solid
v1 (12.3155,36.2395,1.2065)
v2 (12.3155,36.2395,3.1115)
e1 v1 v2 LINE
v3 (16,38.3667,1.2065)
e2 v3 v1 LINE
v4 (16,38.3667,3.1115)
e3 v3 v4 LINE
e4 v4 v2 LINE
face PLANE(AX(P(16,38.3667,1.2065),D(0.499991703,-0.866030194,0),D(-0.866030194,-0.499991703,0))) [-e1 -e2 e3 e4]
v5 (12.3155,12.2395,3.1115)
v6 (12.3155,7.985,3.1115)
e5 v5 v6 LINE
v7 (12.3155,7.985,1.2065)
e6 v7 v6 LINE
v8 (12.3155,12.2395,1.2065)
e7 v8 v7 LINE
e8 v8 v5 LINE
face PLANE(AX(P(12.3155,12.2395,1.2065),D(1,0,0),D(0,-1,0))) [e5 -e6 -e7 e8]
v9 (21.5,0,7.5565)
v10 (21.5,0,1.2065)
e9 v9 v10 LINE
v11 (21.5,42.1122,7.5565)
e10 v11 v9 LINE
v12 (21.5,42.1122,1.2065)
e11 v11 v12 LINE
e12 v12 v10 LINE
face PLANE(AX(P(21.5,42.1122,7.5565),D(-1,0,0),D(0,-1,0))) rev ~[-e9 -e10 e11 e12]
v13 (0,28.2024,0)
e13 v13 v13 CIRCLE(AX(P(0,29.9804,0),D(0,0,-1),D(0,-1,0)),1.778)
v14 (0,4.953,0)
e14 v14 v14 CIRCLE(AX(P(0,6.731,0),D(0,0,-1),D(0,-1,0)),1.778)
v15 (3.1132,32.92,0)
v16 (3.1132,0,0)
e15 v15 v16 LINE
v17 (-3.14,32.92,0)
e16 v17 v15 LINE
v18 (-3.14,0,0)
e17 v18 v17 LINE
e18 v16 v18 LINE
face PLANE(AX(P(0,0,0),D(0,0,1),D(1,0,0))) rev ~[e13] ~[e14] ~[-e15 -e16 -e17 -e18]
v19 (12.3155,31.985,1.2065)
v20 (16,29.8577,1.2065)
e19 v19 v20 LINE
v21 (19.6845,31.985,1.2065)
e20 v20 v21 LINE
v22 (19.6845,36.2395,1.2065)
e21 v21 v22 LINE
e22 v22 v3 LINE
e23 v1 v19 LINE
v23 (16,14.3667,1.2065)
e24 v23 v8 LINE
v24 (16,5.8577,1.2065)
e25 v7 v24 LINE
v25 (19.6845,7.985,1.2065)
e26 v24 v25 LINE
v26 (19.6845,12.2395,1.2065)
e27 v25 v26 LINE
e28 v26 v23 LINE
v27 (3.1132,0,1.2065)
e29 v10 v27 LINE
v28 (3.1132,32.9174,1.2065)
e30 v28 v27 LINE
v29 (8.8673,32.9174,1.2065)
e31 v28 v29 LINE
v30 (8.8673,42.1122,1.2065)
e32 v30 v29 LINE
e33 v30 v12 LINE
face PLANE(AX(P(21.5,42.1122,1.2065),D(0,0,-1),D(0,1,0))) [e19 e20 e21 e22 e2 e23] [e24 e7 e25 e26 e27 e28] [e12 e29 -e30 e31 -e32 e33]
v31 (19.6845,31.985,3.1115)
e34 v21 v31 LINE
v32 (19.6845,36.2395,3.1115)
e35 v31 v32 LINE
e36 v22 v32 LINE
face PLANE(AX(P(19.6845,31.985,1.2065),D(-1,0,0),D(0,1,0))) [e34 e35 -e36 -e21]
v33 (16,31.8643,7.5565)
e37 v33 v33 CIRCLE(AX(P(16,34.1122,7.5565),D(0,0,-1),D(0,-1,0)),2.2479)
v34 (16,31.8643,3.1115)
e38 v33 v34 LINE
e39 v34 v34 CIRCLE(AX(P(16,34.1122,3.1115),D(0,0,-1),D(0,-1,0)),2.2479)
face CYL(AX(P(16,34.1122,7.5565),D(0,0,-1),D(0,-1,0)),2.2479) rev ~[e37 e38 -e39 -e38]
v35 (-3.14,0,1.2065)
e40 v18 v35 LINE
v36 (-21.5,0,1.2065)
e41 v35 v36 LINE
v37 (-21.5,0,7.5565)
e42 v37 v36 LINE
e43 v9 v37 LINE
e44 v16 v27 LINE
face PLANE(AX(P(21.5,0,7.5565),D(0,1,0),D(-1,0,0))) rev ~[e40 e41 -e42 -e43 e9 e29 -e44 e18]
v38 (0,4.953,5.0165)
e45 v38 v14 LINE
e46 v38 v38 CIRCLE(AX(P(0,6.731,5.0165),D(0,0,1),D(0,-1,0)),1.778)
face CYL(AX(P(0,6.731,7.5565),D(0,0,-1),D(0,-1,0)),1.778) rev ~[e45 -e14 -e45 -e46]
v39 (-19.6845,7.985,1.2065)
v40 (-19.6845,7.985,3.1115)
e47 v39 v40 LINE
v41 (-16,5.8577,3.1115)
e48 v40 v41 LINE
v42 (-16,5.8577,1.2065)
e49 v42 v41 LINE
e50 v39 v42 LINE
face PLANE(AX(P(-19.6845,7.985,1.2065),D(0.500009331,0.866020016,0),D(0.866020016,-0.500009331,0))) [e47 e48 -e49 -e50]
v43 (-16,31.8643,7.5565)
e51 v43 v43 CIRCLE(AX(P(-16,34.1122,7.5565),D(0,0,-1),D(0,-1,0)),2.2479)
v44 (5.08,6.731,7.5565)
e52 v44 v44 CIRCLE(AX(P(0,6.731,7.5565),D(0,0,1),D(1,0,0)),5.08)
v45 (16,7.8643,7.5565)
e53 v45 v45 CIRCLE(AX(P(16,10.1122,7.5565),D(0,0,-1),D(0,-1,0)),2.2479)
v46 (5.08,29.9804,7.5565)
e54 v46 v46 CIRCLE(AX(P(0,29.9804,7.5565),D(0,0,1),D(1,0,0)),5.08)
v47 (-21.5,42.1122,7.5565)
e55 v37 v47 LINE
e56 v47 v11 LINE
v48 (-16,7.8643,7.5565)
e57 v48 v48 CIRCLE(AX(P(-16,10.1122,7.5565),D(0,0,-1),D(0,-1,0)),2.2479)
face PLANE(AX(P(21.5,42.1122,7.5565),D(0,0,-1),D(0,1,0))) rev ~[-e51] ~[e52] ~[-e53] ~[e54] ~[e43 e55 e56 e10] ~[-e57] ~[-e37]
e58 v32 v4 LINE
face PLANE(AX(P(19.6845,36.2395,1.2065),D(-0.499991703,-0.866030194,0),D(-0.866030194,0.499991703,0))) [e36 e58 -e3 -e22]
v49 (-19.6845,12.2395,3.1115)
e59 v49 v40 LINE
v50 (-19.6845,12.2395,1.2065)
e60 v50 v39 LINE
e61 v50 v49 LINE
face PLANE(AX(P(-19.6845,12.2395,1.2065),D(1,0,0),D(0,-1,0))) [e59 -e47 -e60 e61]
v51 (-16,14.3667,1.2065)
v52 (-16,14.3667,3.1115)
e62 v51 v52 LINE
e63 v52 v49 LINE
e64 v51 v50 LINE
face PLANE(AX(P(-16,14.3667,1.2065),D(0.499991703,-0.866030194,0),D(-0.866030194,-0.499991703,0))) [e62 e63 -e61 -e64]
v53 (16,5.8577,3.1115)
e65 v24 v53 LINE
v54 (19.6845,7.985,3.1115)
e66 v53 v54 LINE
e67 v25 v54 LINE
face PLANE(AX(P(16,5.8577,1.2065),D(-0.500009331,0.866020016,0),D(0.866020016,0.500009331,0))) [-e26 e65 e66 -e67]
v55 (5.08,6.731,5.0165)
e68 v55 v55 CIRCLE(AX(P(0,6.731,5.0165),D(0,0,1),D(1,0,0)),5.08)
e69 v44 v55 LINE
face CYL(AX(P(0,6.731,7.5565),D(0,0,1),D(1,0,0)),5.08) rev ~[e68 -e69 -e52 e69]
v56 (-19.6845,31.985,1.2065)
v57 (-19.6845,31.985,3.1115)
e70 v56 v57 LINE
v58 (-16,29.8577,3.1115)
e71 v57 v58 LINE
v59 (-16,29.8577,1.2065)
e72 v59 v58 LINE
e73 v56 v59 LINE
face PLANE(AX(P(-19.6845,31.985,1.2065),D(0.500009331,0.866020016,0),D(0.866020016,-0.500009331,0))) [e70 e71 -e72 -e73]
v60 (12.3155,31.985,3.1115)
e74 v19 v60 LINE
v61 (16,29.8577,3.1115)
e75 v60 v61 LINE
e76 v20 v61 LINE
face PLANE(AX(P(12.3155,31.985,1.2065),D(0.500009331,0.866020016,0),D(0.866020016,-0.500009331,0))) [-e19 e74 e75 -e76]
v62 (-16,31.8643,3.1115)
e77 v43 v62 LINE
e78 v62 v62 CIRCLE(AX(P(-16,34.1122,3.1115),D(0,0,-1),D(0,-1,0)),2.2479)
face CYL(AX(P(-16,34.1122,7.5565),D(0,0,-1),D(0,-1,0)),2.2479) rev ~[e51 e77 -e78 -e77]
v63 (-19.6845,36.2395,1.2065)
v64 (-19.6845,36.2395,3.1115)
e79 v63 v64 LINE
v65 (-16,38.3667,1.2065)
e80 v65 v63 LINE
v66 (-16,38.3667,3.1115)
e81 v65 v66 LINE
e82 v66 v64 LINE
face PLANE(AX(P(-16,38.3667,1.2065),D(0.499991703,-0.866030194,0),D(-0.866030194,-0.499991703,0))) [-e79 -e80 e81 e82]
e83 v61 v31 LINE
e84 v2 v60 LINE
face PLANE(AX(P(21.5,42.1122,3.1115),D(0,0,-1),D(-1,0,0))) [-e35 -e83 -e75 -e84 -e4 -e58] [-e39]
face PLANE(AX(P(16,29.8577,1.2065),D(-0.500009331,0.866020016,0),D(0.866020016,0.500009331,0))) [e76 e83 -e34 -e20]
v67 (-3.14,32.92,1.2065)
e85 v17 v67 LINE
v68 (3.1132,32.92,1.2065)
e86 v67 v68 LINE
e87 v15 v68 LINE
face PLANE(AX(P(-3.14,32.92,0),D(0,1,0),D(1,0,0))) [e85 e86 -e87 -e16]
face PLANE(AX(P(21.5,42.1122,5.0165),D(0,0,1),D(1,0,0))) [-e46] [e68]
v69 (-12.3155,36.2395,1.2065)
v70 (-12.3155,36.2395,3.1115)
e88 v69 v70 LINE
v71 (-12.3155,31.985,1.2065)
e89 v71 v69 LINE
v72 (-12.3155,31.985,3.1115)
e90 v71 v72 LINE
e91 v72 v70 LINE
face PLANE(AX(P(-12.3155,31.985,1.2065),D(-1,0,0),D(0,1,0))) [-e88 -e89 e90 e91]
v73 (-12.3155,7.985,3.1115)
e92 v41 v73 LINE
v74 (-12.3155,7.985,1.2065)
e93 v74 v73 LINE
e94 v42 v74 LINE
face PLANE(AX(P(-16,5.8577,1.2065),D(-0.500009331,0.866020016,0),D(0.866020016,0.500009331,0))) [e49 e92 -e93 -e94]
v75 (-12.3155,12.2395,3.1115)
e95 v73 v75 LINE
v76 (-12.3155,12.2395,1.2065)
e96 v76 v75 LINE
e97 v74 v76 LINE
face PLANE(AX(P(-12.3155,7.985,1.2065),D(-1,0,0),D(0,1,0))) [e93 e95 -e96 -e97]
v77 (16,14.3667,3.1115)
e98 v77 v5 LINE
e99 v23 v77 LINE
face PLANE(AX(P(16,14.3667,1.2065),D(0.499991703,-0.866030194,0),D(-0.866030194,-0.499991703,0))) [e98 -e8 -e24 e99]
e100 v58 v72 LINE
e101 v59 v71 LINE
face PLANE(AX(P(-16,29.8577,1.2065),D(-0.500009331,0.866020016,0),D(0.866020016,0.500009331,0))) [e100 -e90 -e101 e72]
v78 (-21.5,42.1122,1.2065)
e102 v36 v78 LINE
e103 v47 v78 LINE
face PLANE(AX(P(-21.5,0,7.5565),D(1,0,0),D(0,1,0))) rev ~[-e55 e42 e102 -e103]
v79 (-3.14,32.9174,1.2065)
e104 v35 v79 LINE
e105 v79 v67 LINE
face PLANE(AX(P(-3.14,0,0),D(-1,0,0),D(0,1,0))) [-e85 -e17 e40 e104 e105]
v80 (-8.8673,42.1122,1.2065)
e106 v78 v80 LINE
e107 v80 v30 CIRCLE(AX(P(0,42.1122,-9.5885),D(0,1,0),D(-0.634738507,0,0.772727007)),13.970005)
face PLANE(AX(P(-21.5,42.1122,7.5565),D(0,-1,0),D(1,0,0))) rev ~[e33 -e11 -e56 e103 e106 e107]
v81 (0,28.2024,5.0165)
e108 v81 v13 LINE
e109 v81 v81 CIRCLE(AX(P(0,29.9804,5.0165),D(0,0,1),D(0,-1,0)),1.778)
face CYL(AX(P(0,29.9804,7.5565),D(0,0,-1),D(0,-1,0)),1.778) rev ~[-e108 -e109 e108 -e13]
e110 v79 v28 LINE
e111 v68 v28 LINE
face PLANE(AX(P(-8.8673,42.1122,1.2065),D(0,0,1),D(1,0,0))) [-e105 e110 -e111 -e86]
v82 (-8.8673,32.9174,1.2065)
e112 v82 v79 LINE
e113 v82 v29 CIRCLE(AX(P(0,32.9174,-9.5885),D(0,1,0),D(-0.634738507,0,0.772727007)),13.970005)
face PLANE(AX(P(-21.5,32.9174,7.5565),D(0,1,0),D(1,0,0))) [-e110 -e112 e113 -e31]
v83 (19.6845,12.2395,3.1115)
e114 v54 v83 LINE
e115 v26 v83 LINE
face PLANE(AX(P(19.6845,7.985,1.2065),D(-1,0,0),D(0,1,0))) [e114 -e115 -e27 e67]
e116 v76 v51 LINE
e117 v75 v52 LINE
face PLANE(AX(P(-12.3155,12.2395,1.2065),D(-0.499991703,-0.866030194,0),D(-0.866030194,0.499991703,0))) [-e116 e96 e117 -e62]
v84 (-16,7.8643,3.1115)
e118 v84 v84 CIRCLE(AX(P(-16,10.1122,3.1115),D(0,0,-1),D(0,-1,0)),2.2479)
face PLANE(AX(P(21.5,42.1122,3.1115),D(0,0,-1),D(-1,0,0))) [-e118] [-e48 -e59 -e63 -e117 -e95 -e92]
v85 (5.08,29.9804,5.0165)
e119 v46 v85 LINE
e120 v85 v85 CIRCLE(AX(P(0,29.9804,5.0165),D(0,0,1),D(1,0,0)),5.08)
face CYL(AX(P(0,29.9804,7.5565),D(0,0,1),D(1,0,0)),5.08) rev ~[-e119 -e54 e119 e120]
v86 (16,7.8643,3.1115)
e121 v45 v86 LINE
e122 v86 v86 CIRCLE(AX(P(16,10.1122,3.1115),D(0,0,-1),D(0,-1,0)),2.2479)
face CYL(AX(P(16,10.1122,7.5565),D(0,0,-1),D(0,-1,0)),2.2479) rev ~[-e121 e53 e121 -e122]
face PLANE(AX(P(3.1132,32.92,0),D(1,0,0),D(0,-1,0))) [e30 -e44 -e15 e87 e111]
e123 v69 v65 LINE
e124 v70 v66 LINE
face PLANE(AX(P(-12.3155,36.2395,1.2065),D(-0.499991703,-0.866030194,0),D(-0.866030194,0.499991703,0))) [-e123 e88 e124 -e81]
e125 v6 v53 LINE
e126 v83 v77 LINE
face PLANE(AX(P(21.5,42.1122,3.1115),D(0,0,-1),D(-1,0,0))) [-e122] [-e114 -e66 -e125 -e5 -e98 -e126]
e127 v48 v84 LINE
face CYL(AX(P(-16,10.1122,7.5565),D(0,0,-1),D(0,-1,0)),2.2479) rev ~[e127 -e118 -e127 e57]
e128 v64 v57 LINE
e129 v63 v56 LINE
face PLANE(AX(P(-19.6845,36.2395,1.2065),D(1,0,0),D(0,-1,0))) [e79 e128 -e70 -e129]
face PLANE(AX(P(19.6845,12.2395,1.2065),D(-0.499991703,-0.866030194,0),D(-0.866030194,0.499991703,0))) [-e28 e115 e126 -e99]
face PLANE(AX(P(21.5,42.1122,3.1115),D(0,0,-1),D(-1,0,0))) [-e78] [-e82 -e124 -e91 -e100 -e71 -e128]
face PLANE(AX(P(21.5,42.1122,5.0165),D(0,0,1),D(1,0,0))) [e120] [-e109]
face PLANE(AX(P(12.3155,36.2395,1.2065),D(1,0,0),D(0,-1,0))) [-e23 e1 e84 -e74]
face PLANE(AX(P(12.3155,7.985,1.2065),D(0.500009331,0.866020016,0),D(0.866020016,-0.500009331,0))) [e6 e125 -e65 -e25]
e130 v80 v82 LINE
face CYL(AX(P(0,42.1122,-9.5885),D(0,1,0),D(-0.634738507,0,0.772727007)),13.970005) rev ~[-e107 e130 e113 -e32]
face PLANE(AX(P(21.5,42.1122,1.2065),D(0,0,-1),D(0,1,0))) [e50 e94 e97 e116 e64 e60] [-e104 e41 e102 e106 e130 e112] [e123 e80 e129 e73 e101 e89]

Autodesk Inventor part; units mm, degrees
ref_plane "YZ Plane" through (0, 0, 0) normal (1, 0, 0) x (0, 1, 0)
ref_plane "XZ Plane" through (0, 0, 0) normal (0, 1, 0) x (-1, 0, 0)
ref_plane "XY Plane" through (0, 0, 0) normal (0, 0, 1) x (1, 0, 0)
ref_plane "Work Plane7" through (21.5, 42.1122, 7.5565) normal (0, 0, -1) x (0, 1, 0)
sketch "Sketch4" plane through (21.5, 42.1122, 7.5565) normal (0, 0, -1) x (0, 1, 0)
  line L0 (-42.1122, -17.69) -> (-42.1122, -25.31) construction
  line L1 (0, 0) -> (0, -43) construction
  line L2 (-528, -43) -> (0, -43) construction
  line L3 (-528, 0) -> (0, 0) construction
  line L4 (-42.1122, -43) -> (0, -43)
  line L5 (0, -43) -> (0, 0)
  line L6 (0, 0) -> (-42.1122, 0)
  line L7 (-42.1122, 0) -> (-42.1122, -43)
  circle A0 centre (-8, -5.5) radius 2
  circle A1 centre (-32, -5.5) radius 2
  circle A2 centre (-8, -37.5) radius 2
  circle A3 centre (-32, -37.5) radius 2
  circle A4 centre (-8, -37.5) radius 2.2479
  circle A5 centre (-8, -5.5) radius 2.2479
  circle A6 centre (-32, -37.5) radius 2.2479
  point P0 (-42.1122, -21.5)
  dimension "d41" = 4.4958
  dimension "d42" = 4.4958
  dimension "d43" = 4.4958
extrude "Extrusion4" add sketch "Sketch4" along normal blind 6.35 contours L7 L6 L5 L4 | A4 | A5 | A6
ref_plane "Work Plane6" through (0, 0, 0) normal (0, 0, 1) x (1, 0, 0)
sketch "Sketch5" plane through (0, 0, 0) normal (0, 0, 1) x (1, 0, 0)
  line L0 (3.1132, 0) -> (3.1132, 33.02) construction
  line L1 (-3.1132, 0) -> (-3.1132, 33.02) construction
  line L2 (3.14, 32.92) -> (-3.14, 32.92) construction
  line L3 (-21.5, 0) -> (21.5, 0) construction
  line L4 (3.1132, 0) -> (-3.14, 0)
  line L5 (-3.14, 0) -> (-3.14, 32.92)
  line L6 (-3.14, 32.92) -> (3.1132, 32.92)
  line L7 (3.1132, 32.92) -> (3.1132, 0)
  arc A0 (-0.0115, 8.4836) -> (1.2335, 7.976) centre (0, 6.731) ccw construction
  spline S0 degree 3 poles (-3.9963, 27.1983) (-3.9282, 27.0439) (-3.8705, 26.8672) (-3.7787, 26.4733) (-3.747, 26.2579) (-3.7229, 25.8912) (-3.7161, 25.6578) (-3.7657, 25.2017) (-3.8042, 25.0235) (-3.9064, 24.7384) (-3.9674, 24.6297) (-4.0735, 24.5156) (-4.1125, 24.4855) (-4.225, 24.4328) (-4.3003, 24.4339) (-4.4555, 24.5079) (-4.5339, 24.5853) (-4.6625, 24.7855) (-4.7303, 24.9172) (-4.8354, 25.2648) (-4.8698, 25.4348) (-4.9129, 25.8035) (-4.9196, 25.9997) (-4.906, 26.2838) (-4.8978, 26.3737) (-4.8628, 26.6198) (-4.8272, 26.7652) (-4.7302, 27.0244) (-4.6681, 27.1326) (-4.5976, 27.2088) knots 0.000001 0.000001 0.000001 0.000001 0.061283 0.061283 0.126502 0.126502 0.171802 0.171802 0.206523 0.206523 0.238722 0.238722 0.255636 0.255636 0.285543 0.285543 0.317605 0.317605 0.342807 0.342807 0.362438 0.362438 0.383231 0.383231 0.393319 0.393319 0.411548 0.411548 0.431083 0.431083 0.431083 0.431083 construction
  circle A1 centre (0, 6.731) radius 1.778 construction
  circle A2 centre (-0.0134, 32.92) radius 1.778 construction
  point P0 (0, 0)
  dimension "d10" = 3.556
  dimension "d11" = 3.556
extrude "Extrusion5" add sketch "Sketch5" along normal up to surface (1.2065 mm away)
sketch "Sketch6" plane through (21.5, 42.1122, 7.5565) normal (0, 0, 1) x (1, 0, 0)
  arc A0 (-21.5115, -33.6287) -> (-20.2665, -34.1362) centre (-21.5, -35.3812) ccw construction
  arc A1 (-21.5115, -10.3793) -> (-20.2665, -10.8868) centre (-21.5, -12.1318) ccw construction
  point P0 (-21.5, -42.1122)
hole "Hole2" at (0, 6.731, 7.5565) at (0, 29.9804, 7.5565) direction (0, 0, -1) diameter 3.556 end through all
ref_plane "Work Plane8" through (21.5, 42.1122, 7.5565) normal (0, 0, 1) x (1, 0, 0)
sketch "Sketch7" plane through (21.5, 42.1122, 7.5565) normal (0, 0, 1) x (1, 0, 0)
  circle A0 centre (-21.5, -12.1318) radius 1.778 projected
  circle A1 centre (-21.5, -12.1318) radius 5.08
  circle A2 centre (-21.5, -35.3812) radius 1.778 projected
  circle A3 centre (-21.5, -35.3812) radius 5.08
  point P0 (-21.5, -42.1122)
  dimension "d28" = 10.16
  dimension "d29" = 10.16
extrude "Extrusion6" cut sketch "Sketch7" against normal blind 2.54
sketch "Sketch8" plane through (-21.5, 42.1122, 7.5565) normal (0, 1, 0) x (1, 0, 0)
  circle A0 centre (21.5, 17.145) radius 3.24 construction
  arc A1 (12.6327, 6.35) -> (30.3673, 6.35) centre (21.5, 17.145) ccw
  line L0 (0, 6.35) -> (43, 6.35) projected
  line L1 (12.6327, 6.35) -> (30.3673, 6.35)
  point P0 (21.5, 7.5565)
  dimension "d32" = 27.94
extrude "Extrusion7" cut sketch "Sketch8" against normal blind 9.1948
sketch "Sketch9" plane through (21.5, 42.1122, 1.2065) normal (0, 0, -1) x (-1, 0, 0)
  circle A0 centre (37.5, -8) radius 2 construction
  circle A1 centre (37.5, -8) radius 4.2545 construction
  circle A2 centre (37.5, -32) radius 2 construction
  circle A3 centre (37.5, -32) radius 4.2545 construction
  circle A4 centre (5.5, -8) radius 2 construction
  circle A5 centre (5.5, -8) radius 4.2545 construction
  circle A6 centre (5.5, -32) radius 2 construction
  circle A7 centre (5.5, -32) radius 4.2545 construction
  line L0 (5.5, -12.2545) -> (1.8155, -10.1272)
  line L1 (1.8155, -10.1272) -> (1.8155, -5.8727)
  line L2 (1.8155, -5.8727) -> (5.5, -3.7455)
  line L3 (5.5, -3.7455) -> (9.1845, -5.8727)
  line L4 (9.1845, -5.8727) -> (9.1845, -10.1272)
  line L5 (9.1845, -10.1272) -> (5.5, -12.2545)
  line L6 (5.5, -36.2545) -> (1.8155, -34.1272)
  line L7 (1.8155, -34.1272) -> (1.8155, -29.8727)
  line L8 (1.8155, -29.8727) -> (5.5, -27.7455)
  line L9 (5.5, -27.7455) -> (9.1845, -29.8727)
  line L10 (9.1845, -29.8727) -> (9.1845, -34.1272)
  line L11 (9.1845, -34.1272) -> (5.5, -36.2545)
  line L12 (37.5, -12.2545) -> (33.8155, -10.1272)
  line L13 (33.8155, -10.1272) -> (33.8155, -5.8727)
  line L14 (33.8155, -5.8727) -> (37.5, -3.7455)
  line L15 (37.5, -3.7455) -> (41.1845, -5.8727)
  line L16 (41.1845, -5.8727) -> (41.1845, -10.1272)
  line L17 (41.1845, -10.1272) -> (37.5, -12.2545)
  line L18 (37.5, -36.2545) -> (33.8155, -34.1272)
  line L19 (33.8155, -34.1272) -> (33.8155, -29.8727)
  line L20 (33.8155, -29.8727) -> (37.5, -27.7455)
  line L21 (37.5, -27.7455) -> (41.1845, -29.8727)
  line L22 (41.1845, -29.8727) -> (41.1845, -34.1272)
  line L23 (41.1845, -34.1272) -> (37.5, -36.2545)
  point P0 (21.5, -42.1122)
  dimension "d35" = 8.509
  dimension "d36" = 8.509
  dimension "d37" = 8.509
  dimension "d38" = 8.509
extrude "Extrusion8" cut sketch "Sketch9" against normal blind 1.905
sketch "Sketch10" plane through (21.5, 42.1122, 7.5565) normal (0, 0, 1) x (1, 0, 0)
  circle A0 centre (-37.5, -32) radius 2 projected
  circle A1 centre (-37.5, -32) radius 2.2479
  circle A2 centre (-5.5, -32) radius 2 projected
  circle A3 centre (-5.5, -32) radius 2.2479
  circle A4 centre (-37.5, -8) radius 2 projected
  circle A5 centre (-37.5, -8) radius 2.2479
  circle A6 centre (-5.5, -8) radius 2 projected
  circle A7 centre (-5.5, -8) radius 2.2479
  point P0 (-21.5, -42.1122)
  dimension "d44" = 4.4958
  dimension "d45" = 4.4958
  dimension "d46" = 4.4958
  dimension "d47" = 4.4958
hole "Hole3" at (-16, 34.1122, 7.5565) at (-16, 10.1122, 7.5565) at (16, 10.1122, 7.5565) at (16, 34.1122, 7.5565) direction (0, 0, -1) diameter 4.4958 end through all
properties part number "LeadScrewNutCouplerForTrussHeadScrew"
